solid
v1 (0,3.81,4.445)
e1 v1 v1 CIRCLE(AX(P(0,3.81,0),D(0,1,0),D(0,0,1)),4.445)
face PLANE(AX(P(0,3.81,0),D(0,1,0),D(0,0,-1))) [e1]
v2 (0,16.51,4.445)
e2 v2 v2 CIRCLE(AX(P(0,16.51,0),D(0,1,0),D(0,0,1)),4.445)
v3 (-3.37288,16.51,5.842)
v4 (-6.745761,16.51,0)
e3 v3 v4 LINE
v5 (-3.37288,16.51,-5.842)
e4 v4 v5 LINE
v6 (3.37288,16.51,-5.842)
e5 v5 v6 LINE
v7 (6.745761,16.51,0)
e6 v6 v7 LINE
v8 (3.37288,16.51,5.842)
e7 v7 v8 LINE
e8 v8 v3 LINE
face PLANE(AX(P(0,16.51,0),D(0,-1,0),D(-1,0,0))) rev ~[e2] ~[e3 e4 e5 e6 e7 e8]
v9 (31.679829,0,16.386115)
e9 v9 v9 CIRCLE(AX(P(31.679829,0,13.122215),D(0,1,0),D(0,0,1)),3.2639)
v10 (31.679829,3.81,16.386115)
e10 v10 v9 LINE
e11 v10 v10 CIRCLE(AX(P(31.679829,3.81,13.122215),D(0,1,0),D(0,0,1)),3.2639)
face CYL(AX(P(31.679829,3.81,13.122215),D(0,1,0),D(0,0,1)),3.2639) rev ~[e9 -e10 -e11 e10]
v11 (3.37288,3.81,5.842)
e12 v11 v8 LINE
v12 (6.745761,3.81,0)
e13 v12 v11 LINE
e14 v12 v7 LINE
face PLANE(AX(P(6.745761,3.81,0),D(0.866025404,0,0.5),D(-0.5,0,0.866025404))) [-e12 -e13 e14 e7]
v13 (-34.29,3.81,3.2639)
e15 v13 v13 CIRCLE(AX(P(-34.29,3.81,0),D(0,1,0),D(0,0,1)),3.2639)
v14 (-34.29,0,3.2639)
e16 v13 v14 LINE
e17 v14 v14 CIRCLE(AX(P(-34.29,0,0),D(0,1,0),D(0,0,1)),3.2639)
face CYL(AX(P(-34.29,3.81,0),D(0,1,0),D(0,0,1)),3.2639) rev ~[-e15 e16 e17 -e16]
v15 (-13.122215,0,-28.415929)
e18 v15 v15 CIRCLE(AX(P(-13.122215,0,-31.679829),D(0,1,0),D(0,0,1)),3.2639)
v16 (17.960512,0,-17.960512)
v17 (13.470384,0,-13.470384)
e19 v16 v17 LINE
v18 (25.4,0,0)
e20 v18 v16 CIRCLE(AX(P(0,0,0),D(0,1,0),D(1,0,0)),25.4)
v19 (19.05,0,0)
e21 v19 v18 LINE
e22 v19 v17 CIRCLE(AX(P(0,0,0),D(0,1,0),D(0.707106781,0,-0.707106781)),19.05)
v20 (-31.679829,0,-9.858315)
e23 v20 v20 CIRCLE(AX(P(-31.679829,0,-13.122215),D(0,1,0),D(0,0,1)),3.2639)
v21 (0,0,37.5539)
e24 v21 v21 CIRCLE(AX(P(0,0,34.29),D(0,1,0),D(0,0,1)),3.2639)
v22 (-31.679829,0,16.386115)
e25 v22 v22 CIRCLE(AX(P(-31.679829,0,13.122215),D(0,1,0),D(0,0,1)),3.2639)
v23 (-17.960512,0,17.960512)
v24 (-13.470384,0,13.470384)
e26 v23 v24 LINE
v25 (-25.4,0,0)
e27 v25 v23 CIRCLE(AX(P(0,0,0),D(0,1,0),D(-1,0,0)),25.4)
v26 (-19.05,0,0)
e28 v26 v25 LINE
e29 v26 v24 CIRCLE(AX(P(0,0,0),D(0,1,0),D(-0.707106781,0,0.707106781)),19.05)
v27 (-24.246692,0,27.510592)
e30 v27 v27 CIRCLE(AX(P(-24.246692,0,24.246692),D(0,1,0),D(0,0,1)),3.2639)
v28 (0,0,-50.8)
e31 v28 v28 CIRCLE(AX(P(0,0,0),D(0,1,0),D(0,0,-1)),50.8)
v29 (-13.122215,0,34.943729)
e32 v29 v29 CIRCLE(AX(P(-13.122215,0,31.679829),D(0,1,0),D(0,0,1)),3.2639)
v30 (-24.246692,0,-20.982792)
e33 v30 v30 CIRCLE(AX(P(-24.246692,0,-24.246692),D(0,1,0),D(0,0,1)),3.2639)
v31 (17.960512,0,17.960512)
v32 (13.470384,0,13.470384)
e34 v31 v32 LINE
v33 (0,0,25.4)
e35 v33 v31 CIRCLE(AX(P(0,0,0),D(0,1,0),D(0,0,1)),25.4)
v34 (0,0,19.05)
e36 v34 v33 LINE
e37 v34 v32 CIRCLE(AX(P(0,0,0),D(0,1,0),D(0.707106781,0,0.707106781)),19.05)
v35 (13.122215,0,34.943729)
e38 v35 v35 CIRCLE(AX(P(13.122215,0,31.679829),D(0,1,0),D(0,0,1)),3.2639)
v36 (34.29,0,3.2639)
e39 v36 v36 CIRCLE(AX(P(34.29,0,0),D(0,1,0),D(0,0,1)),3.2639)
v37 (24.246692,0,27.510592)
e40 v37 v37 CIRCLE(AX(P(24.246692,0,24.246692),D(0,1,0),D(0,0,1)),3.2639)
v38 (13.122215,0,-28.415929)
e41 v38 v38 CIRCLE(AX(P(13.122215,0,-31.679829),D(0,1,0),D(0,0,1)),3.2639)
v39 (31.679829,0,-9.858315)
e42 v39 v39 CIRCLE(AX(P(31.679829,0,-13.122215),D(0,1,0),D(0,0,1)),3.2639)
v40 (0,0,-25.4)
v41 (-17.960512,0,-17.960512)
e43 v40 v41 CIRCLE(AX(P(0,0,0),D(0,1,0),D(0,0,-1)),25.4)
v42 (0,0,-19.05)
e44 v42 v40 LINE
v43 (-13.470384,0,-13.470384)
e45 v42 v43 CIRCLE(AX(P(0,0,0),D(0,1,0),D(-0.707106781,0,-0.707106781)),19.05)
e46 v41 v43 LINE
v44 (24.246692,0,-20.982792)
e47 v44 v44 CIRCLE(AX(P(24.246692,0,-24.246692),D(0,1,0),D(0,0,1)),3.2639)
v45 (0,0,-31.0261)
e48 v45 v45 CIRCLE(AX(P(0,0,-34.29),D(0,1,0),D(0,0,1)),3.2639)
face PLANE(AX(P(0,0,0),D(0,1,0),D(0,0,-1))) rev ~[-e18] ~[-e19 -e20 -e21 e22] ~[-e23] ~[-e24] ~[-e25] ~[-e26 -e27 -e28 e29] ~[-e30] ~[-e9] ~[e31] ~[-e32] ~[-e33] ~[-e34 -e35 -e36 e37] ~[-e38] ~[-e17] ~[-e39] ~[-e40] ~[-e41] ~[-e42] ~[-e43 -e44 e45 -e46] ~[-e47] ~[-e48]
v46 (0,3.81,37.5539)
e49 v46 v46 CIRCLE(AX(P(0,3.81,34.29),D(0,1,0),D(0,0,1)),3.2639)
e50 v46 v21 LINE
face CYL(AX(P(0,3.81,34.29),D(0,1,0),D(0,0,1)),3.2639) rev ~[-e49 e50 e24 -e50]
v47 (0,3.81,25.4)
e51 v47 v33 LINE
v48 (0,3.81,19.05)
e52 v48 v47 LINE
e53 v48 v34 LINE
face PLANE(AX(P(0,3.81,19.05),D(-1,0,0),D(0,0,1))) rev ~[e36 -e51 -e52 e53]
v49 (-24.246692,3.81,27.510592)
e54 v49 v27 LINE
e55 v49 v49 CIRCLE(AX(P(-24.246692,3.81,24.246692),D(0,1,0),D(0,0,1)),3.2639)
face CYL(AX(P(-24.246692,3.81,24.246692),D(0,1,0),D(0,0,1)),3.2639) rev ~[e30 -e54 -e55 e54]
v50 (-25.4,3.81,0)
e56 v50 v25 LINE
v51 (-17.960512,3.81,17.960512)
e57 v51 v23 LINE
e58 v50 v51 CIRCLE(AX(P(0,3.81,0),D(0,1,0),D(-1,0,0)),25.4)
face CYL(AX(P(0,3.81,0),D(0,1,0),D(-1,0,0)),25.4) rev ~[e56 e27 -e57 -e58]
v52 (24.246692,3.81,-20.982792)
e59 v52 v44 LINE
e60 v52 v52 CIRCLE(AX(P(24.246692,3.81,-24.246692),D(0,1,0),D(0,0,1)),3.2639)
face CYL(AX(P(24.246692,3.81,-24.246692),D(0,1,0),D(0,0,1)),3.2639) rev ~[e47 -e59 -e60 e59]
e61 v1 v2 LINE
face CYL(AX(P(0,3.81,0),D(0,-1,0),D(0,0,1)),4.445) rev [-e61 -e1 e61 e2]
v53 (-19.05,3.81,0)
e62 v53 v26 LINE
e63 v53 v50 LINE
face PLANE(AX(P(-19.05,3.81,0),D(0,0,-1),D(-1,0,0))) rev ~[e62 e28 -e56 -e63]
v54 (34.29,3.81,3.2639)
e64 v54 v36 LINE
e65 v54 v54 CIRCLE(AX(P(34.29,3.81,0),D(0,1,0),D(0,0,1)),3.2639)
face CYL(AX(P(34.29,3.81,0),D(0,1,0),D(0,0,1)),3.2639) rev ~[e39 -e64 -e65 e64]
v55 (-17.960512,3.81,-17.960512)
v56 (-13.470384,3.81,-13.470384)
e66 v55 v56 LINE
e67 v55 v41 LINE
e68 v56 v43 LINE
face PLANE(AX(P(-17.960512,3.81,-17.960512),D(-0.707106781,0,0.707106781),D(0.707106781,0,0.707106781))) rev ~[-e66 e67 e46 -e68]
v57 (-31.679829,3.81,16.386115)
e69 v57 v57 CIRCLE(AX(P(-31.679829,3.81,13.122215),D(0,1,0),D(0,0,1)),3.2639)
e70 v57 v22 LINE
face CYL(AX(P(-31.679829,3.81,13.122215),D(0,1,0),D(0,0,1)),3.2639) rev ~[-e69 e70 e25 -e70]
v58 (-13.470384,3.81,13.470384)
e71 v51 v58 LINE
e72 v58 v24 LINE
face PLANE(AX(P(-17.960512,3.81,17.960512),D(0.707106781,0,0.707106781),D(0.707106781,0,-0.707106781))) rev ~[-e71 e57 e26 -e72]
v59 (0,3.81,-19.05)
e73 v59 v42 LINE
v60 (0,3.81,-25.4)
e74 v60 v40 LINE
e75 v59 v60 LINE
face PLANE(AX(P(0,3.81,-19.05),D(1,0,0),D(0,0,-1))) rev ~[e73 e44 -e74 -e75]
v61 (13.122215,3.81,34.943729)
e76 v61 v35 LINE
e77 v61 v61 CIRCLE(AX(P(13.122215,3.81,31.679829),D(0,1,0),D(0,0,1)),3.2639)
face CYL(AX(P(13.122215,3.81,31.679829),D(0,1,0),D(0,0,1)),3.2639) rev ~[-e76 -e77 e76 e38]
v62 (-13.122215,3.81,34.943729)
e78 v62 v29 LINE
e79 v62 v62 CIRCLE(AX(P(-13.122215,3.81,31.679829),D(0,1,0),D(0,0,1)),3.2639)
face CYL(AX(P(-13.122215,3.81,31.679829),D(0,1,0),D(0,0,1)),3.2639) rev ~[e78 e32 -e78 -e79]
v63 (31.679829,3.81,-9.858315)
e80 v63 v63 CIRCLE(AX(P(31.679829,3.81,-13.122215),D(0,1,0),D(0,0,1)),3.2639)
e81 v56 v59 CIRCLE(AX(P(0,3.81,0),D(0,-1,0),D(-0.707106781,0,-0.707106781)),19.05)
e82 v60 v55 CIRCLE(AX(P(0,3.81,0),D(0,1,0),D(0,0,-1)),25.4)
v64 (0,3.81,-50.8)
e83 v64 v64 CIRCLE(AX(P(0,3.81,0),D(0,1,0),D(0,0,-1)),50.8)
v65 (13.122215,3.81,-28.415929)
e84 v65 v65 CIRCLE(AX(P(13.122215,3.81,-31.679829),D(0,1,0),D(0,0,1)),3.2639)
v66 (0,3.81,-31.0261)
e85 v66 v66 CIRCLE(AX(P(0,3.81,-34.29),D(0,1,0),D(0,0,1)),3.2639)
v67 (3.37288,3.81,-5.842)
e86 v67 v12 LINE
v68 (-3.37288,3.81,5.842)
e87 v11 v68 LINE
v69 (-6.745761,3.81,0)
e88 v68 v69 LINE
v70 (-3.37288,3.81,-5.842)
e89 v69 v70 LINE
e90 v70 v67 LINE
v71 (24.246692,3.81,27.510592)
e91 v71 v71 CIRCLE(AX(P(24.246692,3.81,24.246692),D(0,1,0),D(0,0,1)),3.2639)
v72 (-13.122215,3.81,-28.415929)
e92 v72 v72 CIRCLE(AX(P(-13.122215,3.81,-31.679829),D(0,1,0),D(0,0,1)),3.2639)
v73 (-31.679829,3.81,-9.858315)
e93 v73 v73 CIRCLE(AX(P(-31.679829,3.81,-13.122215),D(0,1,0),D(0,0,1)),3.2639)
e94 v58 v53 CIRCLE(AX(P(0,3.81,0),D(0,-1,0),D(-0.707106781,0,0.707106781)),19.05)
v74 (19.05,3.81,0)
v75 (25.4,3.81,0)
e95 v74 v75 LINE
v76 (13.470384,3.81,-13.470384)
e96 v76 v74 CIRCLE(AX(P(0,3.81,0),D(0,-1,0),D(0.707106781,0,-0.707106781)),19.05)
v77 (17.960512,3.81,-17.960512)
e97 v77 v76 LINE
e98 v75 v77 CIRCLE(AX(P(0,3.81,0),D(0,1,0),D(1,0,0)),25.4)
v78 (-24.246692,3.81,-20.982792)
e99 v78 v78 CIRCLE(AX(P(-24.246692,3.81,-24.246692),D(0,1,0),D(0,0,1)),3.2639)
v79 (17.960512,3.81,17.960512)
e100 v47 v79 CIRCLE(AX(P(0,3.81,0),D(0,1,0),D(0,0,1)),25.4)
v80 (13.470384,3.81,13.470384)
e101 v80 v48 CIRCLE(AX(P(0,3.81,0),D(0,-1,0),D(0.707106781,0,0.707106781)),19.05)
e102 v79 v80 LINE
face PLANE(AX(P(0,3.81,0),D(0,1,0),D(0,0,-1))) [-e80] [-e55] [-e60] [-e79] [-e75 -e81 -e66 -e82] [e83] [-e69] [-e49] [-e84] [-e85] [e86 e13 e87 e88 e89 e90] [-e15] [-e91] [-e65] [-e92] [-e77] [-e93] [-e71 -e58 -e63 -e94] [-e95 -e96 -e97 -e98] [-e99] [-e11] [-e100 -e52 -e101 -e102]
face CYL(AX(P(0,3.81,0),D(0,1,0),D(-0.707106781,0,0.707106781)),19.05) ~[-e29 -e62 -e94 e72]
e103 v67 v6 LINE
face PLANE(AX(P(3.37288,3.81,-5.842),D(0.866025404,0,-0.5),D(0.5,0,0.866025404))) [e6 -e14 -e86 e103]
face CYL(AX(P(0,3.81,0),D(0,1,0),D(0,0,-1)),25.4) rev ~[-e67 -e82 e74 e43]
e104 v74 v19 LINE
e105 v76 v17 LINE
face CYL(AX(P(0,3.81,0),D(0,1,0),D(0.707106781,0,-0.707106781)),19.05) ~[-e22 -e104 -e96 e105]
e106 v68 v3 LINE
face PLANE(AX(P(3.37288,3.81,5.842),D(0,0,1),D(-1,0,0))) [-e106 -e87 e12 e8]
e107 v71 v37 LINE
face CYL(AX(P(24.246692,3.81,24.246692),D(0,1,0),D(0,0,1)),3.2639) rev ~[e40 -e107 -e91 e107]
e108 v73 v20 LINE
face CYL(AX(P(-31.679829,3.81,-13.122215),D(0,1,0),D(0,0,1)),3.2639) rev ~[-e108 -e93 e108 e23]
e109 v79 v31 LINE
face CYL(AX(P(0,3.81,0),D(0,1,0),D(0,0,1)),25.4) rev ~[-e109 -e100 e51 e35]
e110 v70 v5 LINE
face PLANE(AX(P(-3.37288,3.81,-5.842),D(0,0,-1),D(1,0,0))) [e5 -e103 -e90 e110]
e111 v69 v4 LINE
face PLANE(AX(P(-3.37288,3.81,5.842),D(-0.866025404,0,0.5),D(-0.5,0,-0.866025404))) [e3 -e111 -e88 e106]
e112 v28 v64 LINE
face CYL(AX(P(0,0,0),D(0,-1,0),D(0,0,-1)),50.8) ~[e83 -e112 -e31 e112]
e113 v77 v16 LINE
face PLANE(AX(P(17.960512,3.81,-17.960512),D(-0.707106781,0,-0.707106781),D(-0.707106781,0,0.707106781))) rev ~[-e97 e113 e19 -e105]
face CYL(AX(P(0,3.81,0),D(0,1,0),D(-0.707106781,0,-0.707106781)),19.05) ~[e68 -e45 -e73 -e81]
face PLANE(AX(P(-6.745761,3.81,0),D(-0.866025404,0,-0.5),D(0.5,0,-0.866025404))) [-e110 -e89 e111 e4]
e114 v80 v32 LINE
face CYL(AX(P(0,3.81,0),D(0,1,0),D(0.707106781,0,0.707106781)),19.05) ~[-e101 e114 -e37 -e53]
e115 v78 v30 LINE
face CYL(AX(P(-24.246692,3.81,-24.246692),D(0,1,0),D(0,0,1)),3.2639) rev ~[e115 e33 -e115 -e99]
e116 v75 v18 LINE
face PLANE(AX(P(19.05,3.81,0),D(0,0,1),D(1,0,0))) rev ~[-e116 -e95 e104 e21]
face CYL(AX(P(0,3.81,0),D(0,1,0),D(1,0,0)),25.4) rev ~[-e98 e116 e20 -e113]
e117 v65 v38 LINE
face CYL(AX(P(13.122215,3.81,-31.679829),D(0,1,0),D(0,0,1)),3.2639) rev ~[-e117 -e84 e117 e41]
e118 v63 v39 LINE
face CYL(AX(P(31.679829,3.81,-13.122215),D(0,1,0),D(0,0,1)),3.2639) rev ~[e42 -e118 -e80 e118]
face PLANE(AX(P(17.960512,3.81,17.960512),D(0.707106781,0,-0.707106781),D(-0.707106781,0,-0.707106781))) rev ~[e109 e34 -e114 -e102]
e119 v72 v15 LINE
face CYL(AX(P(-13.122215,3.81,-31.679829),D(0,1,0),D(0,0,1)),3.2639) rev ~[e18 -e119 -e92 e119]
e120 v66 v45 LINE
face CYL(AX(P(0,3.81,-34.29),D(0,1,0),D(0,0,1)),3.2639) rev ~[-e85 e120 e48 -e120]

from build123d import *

# Parameters (mm, degrees)
SKETCH1_R           = 50.8
BOSS_EXTRUDE1_DEPTH = 3.81
CUT_EXTRUDE1_DEPTH  = 72.943005914
SKETCH3_R           = 3.2639
CUT_EXTRUDE2_DEPTH  = 72.943005914
SKETCH4_R           = 4.445
BOSS_EXTRUDE2_DEPTH = 12.7


with BuildPart() as part:
    # Sketch1 → Boss-Extrude1 (new body)
    with BuildSketch(Plane(origin=(0, 0, 0), x_dir=(1, 0, 0), z_dir=(0, 1, 0))):
        with Locations(Location((0, 0, 0), (0, 0, 90))):
            Circle(SKETCH1_R)
    extrude(amount=BOSS_EXTRUDE1_DEPTH)

    # Sketch2 → Cut-Extrude1 (cut, through all)
    with BuildSketch(Plane(origin=(0, 3.81, 0), x_dir=(1, 0, 0), z_dir=(0, 1, 0))):
        with BuildLine():
            ThreePointArc((-13.470384182, 13.470384182), (-7.290119387, 17.599905094), (0, 19.05))
            Line((0, 19.05), (0, 25.4))
            ThreePointArc((0, 25.4), (-9.720159182, 23.466540126), (-17.960512242, 17.960512242))
            Line((-17.960512242, 17.960512242), (-13.470384182, 13.470384182))
        make_face()
        with BuildLine():
            Line((-17.960512242, -17.960512242), (-13.470384182, -13.470384182))
            ThreePointArc((-13.470384182, -13.470384182), (-17.599905094, -7.290119387), (-19.05, 0))
            Line((-19.05, 0), (-25.4, 0))
            ThreePointArc((-25.4, 0), (-23.466540126, -9.720159182), (-17.960512242, -17.960512242))
        make_face()
        with BuildLine():
            Line((17.960512242, -17.960512242), (13.470384182, -13.470384182))
            ThreePointArc((13.470384182, -13.470384182), (7.290119387, -17.599905094), (0, -19.05))
            Line((0, -19.05), (0, -25.4))
            ThreePointArc((0, -25.4), (9.720159182, -23.466540126), (17.960512242, -17.960512242))
        make_face()
        with BuildLine():
            Line((17.960512242, 17.960512242), (13.470384182, 13.470384182))
            ThreePointArc((13.470384182, 13.470384182), (17.599905094, 7.290119387), (19.05, 0))
            Line((19.05, 0), (25.4, 0))
            ThreePointArc((25.4, 0), (23.466540126, 9.720159182), (17.960512242, 17.960512242))
        make_face()
    extrude(amount=-CUT_EXTRUDE1_DEPTH, mode=Mode.SUBTRACT)

    # Sketch3 → Cut-Extrude2 (cut, through all)
    with BuildSketch(Plane(origin=(0, 3.81, 0), x_dir=(1, 0, 0), z_dir=(0, 1, 0))):
        with Locations(Location((13.122214896, 31.67982917, 0), (0, 0, 270))):
            Circle(SKETCH3_R)
        with Locations(Location((24.246691527, 24.246691527, 0), (0, 0, 270))):
            Circle(SKETCH3_R)
        with Locations(Location((31.67982917, 13.122214896, 0), (0, 0, 270))):
            Circle(SKETCH3_R)
        with Locations(Location((31.67982917, -13.122214896, 0), (0, 0, 270))):
            Circle(SKETCH3_R)
        with Locations(Location((24.246691527, -24.246691527, 0), (0, 0, 270))):
            Circle(SKETCH3_R)
        with Locations(Location((13.122214896, -31.67982917, 0), (0, 0, 270))):
            Circle(SKETCH3_R)
        with Locations(Location((0, -34.29, 0), (0, 0, 270))):
            Circle(SKETCH3_R)
        with Locations(Location((-13.122214896, -31.67982917, 0), (0, 0, 270))):
            Circle(SKETCH3_R)
        with Locations(Location((-24.246691527, -24.246691527, 0), (0, 0, 270))):
            Circle(SKETCH3_R)
        with Locations(Location((-31.67982917, -13.122214896, 0), (0, 0, 270))):
            Circle(SKETCH3_R)
        with Locations(Location((-34.29, 0, 0), (0, 0, 270))):
            Circle(SKETCH3_R)
        with Locations(Location((-31.67982917, 13.122214896, 0), (0, 0, 270))):
            Circle(SKETCH3_R)
        with Locations(Location((-24.246691527, 24.246691527, 0), (0, 0, 270))):
            Circle(SKETCH3_R)
        with Locations(Location((-13.122214896, 31.67982917, 0), (0, 0, 270))):
            Circle(SKETCH3_R)
        with Locations(Location((0, 34.29, 0), (0, 0, 270))):
            Circle(SKETCH3_R)
        with Locations(Location((34.29, 0, 0), (0, 0, 270))):
            Circle(SKETCH3_R)
    extrude(amount=-CUT_EXTRUDE2_DEPTH, mode=Mode.SUBTRACT)

    # Sketch4 → Boss-Extrude2 (add)
    with BuildSketch(Plane(origin=(0, 3.81, 0), x_dir=(1, 0, 0), z_dir=(0, 1, 0))):
        Polygon((-6.745760545, 0), (-3.372880273, 5.842), (3.372880273, 5.842), (6.745760545, 0), (3.372880273, -5.842), (-3.372880273, -5.842), align=None)
        with Locations(Location((0, 0, 0), (0, 0, 270))):
            Circle(SKETCH4_R, mode=Mode.SUBTRACT)
    extrude(amount=BOSS_EXTRUDE2_DEPTH)


solid = part.part
